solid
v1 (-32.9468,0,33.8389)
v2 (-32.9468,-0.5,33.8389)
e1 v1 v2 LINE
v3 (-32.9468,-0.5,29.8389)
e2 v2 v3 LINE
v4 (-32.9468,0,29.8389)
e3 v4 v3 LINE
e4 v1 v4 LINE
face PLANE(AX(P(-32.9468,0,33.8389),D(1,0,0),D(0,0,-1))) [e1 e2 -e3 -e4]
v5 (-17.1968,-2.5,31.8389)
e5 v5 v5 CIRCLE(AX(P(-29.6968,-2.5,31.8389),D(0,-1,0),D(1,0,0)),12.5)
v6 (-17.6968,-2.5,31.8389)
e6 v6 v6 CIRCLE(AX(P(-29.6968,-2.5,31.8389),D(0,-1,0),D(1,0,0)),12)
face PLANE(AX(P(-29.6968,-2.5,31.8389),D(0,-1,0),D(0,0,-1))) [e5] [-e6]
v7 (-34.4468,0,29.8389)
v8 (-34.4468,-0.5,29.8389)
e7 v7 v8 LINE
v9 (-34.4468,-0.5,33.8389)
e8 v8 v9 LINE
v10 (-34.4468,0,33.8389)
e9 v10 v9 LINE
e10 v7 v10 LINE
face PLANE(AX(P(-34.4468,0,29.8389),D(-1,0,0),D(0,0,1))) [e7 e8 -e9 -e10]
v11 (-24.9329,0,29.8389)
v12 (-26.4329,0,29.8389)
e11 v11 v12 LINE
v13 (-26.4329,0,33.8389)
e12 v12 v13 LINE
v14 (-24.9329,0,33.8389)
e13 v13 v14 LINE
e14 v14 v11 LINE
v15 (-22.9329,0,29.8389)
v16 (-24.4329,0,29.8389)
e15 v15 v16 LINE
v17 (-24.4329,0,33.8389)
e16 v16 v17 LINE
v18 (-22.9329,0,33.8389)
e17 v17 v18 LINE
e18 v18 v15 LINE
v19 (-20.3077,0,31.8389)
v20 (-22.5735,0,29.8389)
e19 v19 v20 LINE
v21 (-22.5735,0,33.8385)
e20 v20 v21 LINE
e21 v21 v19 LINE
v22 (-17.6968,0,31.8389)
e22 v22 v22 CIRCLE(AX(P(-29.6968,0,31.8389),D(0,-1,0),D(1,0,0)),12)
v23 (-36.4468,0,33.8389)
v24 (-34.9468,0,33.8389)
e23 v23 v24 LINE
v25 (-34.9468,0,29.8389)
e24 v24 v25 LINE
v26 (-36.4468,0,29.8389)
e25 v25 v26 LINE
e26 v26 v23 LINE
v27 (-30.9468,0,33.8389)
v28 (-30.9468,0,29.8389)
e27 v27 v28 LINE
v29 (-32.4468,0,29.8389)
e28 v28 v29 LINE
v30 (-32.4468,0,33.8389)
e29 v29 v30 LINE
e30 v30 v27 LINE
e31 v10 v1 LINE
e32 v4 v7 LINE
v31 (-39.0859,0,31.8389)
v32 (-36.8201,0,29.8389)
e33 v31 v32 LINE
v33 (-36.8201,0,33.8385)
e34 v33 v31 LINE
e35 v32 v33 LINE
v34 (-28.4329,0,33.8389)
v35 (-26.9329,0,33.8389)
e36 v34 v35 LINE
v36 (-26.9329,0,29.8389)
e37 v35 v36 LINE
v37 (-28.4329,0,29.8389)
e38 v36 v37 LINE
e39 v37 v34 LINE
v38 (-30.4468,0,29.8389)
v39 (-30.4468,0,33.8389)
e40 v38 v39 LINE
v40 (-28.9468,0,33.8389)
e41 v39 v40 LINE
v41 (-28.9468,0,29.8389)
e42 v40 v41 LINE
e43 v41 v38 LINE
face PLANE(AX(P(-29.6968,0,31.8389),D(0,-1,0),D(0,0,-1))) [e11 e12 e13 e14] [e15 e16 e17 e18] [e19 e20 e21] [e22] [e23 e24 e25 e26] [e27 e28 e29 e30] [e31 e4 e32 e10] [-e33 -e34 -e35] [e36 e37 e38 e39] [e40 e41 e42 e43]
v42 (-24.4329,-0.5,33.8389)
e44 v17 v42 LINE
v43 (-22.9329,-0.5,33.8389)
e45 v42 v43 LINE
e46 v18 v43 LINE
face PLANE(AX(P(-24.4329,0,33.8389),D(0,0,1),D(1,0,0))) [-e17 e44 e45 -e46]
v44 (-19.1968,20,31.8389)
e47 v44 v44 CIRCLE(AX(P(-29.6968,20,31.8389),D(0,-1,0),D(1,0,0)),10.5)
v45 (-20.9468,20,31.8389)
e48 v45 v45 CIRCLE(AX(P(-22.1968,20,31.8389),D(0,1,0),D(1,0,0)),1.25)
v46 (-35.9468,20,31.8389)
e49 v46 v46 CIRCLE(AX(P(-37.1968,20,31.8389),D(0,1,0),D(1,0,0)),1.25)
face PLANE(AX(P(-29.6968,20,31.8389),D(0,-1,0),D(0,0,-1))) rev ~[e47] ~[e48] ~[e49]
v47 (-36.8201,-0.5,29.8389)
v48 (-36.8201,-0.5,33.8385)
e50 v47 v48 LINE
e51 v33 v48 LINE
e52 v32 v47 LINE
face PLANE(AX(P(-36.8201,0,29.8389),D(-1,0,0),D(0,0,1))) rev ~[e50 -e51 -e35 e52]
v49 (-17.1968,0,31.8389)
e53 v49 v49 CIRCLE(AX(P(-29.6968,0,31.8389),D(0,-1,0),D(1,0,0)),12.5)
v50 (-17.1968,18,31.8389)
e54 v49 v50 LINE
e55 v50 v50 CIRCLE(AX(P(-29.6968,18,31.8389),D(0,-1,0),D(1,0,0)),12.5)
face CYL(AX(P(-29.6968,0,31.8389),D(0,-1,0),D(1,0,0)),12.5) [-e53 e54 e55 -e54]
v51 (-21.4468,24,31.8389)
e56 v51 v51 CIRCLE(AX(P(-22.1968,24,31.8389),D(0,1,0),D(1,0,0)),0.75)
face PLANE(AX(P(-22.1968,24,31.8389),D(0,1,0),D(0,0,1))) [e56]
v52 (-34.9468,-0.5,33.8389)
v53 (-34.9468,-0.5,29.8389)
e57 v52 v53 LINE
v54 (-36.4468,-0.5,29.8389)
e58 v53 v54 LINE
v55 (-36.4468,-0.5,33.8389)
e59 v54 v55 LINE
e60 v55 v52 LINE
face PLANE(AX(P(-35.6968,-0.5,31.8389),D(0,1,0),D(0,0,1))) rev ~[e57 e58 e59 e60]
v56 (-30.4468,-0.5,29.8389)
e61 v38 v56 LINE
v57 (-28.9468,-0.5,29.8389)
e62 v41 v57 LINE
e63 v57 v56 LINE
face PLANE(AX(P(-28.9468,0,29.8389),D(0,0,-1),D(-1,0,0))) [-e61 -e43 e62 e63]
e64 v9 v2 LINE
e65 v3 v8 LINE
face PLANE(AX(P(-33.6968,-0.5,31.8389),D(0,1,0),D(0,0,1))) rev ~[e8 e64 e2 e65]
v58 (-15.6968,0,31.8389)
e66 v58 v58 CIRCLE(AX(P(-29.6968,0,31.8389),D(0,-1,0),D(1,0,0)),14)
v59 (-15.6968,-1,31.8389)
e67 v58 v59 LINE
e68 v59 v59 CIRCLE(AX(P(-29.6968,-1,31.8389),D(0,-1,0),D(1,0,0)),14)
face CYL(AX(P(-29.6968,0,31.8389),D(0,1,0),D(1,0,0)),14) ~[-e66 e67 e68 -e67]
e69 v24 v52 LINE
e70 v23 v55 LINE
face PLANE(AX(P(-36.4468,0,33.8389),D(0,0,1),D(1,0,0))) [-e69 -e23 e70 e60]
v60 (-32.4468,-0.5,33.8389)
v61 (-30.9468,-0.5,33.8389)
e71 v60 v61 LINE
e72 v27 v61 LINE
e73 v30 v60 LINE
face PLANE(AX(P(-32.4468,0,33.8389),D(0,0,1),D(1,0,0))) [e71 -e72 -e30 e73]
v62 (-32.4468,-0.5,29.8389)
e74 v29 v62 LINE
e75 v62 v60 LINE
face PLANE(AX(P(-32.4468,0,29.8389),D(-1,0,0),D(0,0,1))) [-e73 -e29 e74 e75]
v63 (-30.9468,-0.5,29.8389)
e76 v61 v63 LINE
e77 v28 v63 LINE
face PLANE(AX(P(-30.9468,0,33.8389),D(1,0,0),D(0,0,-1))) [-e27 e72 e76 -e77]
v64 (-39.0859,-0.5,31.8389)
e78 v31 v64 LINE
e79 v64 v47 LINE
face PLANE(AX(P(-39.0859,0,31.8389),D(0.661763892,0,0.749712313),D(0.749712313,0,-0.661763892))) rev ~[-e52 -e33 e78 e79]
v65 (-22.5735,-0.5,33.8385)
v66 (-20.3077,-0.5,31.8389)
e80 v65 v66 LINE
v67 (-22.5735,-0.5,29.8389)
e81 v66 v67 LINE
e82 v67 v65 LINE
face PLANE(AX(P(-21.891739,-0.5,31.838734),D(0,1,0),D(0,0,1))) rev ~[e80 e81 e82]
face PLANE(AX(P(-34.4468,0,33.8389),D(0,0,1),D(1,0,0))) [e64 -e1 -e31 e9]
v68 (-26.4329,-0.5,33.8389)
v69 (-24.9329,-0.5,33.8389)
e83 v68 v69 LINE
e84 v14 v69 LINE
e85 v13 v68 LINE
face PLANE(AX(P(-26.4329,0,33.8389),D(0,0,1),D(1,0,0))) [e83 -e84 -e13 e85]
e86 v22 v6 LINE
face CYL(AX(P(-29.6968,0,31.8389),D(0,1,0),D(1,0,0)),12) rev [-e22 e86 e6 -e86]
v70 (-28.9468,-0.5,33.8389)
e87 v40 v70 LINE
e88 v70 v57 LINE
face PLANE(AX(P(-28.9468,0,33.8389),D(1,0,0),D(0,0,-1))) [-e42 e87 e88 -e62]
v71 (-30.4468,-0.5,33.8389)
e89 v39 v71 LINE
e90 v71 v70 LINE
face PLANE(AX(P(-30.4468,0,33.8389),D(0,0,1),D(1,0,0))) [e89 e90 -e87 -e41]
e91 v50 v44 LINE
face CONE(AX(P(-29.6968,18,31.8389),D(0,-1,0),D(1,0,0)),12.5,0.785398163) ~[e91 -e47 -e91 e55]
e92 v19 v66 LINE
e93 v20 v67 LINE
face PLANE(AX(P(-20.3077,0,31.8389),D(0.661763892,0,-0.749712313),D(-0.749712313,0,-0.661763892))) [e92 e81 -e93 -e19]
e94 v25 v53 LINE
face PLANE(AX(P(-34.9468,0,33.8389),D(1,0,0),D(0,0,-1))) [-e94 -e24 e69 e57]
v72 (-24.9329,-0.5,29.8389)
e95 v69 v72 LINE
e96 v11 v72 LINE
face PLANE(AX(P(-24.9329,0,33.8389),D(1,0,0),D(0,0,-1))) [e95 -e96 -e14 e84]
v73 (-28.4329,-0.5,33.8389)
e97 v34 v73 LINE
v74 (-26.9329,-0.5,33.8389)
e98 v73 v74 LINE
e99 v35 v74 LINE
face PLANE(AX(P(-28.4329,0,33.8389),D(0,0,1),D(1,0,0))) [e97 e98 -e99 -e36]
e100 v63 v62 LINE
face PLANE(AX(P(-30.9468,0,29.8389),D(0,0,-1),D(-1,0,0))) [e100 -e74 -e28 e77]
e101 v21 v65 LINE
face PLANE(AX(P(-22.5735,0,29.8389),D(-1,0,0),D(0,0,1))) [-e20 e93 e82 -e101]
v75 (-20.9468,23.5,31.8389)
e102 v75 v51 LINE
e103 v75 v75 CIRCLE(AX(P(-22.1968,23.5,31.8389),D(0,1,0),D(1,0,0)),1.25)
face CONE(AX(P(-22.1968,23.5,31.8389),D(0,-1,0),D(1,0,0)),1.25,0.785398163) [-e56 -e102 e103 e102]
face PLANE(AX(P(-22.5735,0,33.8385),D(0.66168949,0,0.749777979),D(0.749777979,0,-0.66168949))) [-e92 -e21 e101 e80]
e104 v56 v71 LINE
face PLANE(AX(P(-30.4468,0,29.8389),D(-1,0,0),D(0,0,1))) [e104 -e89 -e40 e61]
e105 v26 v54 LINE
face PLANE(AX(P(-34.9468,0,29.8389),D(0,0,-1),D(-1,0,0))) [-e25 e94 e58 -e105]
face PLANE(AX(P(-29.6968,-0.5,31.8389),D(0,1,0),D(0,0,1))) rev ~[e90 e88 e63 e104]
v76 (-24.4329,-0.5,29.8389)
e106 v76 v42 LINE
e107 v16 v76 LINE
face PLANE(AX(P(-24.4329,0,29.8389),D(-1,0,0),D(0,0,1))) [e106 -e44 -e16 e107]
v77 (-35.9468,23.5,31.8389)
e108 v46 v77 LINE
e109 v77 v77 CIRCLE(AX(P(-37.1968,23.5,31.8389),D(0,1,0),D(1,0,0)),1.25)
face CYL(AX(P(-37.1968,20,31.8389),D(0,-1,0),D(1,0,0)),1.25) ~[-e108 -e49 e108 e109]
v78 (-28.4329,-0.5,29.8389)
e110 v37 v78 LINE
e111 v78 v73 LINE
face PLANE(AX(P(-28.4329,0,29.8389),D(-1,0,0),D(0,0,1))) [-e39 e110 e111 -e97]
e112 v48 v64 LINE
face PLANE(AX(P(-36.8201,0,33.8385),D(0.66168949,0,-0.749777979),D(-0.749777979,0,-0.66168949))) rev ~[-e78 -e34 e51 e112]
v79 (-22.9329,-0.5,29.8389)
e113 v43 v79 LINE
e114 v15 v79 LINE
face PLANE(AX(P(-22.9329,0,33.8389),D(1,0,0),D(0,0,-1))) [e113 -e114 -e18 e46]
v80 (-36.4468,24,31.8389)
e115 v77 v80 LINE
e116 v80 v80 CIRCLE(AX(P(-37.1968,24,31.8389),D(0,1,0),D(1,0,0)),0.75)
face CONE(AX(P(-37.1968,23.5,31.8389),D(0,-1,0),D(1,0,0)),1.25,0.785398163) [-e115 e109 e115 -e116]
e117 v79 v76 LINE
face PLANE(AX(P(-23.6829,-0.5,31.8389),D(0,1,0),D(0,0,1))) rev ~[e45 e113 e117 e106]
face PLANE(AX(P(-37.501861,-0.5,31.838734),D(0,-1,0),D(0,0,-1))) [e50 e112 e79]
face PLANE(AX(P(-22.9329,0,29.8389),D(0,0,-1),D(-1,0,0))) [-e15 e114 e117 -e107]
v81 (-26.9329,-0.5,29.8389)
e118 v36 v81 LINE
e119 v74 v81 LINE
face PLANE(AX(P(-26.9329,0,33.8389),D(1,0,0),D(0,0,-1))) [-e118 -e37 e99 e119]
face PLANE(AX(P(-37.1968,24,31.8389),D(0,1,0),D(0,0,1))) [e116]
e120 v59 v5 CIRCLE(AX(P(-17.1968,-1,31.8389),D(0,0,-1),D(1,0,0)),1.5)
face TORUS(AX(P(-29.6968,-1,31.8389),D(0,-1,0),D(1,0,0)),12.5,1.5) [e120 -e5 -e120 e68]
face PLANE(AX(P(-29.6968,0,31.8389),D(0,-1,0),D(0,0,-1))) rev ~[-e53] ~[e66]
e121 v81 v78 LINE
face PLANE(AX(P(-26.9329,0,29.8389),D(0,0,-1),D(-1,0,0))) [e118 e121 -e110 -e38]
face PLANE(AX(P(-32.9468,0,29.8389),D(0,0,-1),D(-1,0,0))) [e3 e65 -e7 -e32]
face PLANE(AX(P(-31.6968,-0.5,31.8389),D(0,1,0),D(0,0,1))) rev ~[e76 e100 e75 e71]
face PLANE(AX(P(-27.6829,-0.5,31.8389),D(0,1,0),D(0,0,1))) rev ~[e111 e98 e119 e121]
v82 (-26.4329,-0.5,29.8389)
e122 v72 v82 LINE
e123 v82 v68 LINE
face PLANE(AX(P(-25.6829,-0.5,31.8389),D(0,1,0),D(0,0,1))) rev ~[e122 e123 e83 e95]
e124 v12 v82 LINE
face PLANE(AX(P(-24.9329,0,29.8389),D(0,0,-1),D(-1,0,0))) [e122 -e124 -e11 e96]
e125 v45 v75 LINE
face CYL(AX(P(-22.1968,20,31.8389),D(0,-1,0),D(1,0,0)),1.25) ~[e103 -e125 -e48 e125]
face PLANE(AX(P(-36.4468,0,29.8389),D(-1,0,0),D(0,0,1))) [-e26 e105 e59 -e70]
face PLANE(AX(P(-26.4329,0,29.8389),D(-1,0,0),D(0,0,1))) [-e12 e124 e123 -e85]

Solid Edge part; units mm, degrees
sketch "Sketch1" plane through (0, 0, 0) normal (0, -1, 0) x (1, 0, 0)
  circle A0 centre (-29.6968, 31.8389) radius 12.5
  dimension "D1" = 25
extrude "Protrusion1" add sketch "Sketch1" against normal blind 20
chamfer "Chamfer_1" distance 2 angle 45 1 edges at (-42.1968, 20, 31.8389)
sketch "Sketch2" plane through (-29.6968, 0, 31.8389) normal (0, -1, 0) x (1, 0, 0)
  circle A0 centre (0, 0) radius 14
  circle A1 centre (0, 0) radius 12
extrude "ExtrudedProtrusion_2" add sketch "Sketch2" along normal blind 2.5
fillet "Round_1" radius 1.5 1 edges at (-43.6968, -2.5, 31.8389)
sketch "Sketch3" plane through (-29.6968, 20, 31.8389) normal (0, 1, 0) x (1, 0, 0)
  circle A0 centre (7.5, 0) radius 1.25
  circle A1 centre (-7.5, 0) radius 1.25
  dimension "D1" = 7.5
  dimension "D2" = 7.5
  dimension "D3" = 2.5
  dimension "D4" = 2.5
extrude "ExtrudedProtrusion_3" add sketch "Sketch3" along normal blind 4
chamfer "Chamfer_2" distance 0.5 angle 45 2 edges at (-23.4468, 24, 31.8389) (-38.4468, 24, 31.8389)
sketch "Sketch4" plane through (-29.6968, 0, 31.8389) normal (0, -1, 0) x (-1, 0, 0)
  line L0 (-1.2639, 2) -> (-1.2639, -2)
  line L1 (-1.2639, -2) -> (-2.7639, -2)
  line L2 (-2.7639, -2) -> (-2.7639, 2)
  line L3 (-2.7639, 2) -> (-1.2639, 2)
  line L4 (-3.2639, 2) -> (-3.2639, -2)
  line L5 (-3.2639, -2) -> (-4.7639, -2)
  line L6 (-4.7639, -2) -> (-4.7639, 2)
  line L7 (-4.7639, 2) -> (-3.2639, 2)
  line L8 (-5.2639, 2) -> (-5.2639, -2)
  line L9 (-5.2639, -2) -> (-6.7639, -2)
  line L10 (-6.7639, -2) -> (-6.7639, 2)
  line L11 (-6.7639, 2) -> (-5.2639, 2)
  line L12 (2.75, 2) -> (2.75, -2)
  line L13 (2.75, -2) -> (1.25, -2)
  line L14 (1.25, -2) -> (1.25, 2)
  line L15 (1.25, 2) -> (2.75, 2)
  line L16 (4.75, 2) -> (4.75, -2)
  line L17 (4.75, -2) -> (3.25, -2)
  line L18 (3.25, -2) -> (3.25, 2)
  line L19 (3.25, 2) -> (4.75, 2)
  line L20 (6.75, 2) -> (6.75, -2)
  line L21 (6.75, -2) -> (5.25, -2)
  line L22 (5.25, -2) -> (5.25, 2)
  line L23 (5.25, 2) -> (6.75, 2)
  line L24 (-7.1233, 2) -> (-7.1233, -1.9996)
  line L25 (-7.1233, -1.9996) -> (-9.3891, 0)
  line L26 (-9.3891, 0) -> (-7.1233, 2)
  line L27 (7.1233, 2) -> (7.1233, -1.9996)
  line L28 (7.1233, -1.9996) -> (9.3891, 0)
  line L29 (9.3891, 0) -> (7.1233, 2)
  line L30 (0.75, 2) -> (0.75, -2)
  line L31 (0.75, -2) -> (-0.75, -2)
  line L32 (-0.75, -2) -> (-0.75, 2)
  line L33 (-0.75, 2) -> (0.75, 2)
  dimension "D1" = 1.5
  dimension "D2" = 4
extrude "ExtrudedProtrusion_4" add sketch "Sketch4" along normal blind 0.5
